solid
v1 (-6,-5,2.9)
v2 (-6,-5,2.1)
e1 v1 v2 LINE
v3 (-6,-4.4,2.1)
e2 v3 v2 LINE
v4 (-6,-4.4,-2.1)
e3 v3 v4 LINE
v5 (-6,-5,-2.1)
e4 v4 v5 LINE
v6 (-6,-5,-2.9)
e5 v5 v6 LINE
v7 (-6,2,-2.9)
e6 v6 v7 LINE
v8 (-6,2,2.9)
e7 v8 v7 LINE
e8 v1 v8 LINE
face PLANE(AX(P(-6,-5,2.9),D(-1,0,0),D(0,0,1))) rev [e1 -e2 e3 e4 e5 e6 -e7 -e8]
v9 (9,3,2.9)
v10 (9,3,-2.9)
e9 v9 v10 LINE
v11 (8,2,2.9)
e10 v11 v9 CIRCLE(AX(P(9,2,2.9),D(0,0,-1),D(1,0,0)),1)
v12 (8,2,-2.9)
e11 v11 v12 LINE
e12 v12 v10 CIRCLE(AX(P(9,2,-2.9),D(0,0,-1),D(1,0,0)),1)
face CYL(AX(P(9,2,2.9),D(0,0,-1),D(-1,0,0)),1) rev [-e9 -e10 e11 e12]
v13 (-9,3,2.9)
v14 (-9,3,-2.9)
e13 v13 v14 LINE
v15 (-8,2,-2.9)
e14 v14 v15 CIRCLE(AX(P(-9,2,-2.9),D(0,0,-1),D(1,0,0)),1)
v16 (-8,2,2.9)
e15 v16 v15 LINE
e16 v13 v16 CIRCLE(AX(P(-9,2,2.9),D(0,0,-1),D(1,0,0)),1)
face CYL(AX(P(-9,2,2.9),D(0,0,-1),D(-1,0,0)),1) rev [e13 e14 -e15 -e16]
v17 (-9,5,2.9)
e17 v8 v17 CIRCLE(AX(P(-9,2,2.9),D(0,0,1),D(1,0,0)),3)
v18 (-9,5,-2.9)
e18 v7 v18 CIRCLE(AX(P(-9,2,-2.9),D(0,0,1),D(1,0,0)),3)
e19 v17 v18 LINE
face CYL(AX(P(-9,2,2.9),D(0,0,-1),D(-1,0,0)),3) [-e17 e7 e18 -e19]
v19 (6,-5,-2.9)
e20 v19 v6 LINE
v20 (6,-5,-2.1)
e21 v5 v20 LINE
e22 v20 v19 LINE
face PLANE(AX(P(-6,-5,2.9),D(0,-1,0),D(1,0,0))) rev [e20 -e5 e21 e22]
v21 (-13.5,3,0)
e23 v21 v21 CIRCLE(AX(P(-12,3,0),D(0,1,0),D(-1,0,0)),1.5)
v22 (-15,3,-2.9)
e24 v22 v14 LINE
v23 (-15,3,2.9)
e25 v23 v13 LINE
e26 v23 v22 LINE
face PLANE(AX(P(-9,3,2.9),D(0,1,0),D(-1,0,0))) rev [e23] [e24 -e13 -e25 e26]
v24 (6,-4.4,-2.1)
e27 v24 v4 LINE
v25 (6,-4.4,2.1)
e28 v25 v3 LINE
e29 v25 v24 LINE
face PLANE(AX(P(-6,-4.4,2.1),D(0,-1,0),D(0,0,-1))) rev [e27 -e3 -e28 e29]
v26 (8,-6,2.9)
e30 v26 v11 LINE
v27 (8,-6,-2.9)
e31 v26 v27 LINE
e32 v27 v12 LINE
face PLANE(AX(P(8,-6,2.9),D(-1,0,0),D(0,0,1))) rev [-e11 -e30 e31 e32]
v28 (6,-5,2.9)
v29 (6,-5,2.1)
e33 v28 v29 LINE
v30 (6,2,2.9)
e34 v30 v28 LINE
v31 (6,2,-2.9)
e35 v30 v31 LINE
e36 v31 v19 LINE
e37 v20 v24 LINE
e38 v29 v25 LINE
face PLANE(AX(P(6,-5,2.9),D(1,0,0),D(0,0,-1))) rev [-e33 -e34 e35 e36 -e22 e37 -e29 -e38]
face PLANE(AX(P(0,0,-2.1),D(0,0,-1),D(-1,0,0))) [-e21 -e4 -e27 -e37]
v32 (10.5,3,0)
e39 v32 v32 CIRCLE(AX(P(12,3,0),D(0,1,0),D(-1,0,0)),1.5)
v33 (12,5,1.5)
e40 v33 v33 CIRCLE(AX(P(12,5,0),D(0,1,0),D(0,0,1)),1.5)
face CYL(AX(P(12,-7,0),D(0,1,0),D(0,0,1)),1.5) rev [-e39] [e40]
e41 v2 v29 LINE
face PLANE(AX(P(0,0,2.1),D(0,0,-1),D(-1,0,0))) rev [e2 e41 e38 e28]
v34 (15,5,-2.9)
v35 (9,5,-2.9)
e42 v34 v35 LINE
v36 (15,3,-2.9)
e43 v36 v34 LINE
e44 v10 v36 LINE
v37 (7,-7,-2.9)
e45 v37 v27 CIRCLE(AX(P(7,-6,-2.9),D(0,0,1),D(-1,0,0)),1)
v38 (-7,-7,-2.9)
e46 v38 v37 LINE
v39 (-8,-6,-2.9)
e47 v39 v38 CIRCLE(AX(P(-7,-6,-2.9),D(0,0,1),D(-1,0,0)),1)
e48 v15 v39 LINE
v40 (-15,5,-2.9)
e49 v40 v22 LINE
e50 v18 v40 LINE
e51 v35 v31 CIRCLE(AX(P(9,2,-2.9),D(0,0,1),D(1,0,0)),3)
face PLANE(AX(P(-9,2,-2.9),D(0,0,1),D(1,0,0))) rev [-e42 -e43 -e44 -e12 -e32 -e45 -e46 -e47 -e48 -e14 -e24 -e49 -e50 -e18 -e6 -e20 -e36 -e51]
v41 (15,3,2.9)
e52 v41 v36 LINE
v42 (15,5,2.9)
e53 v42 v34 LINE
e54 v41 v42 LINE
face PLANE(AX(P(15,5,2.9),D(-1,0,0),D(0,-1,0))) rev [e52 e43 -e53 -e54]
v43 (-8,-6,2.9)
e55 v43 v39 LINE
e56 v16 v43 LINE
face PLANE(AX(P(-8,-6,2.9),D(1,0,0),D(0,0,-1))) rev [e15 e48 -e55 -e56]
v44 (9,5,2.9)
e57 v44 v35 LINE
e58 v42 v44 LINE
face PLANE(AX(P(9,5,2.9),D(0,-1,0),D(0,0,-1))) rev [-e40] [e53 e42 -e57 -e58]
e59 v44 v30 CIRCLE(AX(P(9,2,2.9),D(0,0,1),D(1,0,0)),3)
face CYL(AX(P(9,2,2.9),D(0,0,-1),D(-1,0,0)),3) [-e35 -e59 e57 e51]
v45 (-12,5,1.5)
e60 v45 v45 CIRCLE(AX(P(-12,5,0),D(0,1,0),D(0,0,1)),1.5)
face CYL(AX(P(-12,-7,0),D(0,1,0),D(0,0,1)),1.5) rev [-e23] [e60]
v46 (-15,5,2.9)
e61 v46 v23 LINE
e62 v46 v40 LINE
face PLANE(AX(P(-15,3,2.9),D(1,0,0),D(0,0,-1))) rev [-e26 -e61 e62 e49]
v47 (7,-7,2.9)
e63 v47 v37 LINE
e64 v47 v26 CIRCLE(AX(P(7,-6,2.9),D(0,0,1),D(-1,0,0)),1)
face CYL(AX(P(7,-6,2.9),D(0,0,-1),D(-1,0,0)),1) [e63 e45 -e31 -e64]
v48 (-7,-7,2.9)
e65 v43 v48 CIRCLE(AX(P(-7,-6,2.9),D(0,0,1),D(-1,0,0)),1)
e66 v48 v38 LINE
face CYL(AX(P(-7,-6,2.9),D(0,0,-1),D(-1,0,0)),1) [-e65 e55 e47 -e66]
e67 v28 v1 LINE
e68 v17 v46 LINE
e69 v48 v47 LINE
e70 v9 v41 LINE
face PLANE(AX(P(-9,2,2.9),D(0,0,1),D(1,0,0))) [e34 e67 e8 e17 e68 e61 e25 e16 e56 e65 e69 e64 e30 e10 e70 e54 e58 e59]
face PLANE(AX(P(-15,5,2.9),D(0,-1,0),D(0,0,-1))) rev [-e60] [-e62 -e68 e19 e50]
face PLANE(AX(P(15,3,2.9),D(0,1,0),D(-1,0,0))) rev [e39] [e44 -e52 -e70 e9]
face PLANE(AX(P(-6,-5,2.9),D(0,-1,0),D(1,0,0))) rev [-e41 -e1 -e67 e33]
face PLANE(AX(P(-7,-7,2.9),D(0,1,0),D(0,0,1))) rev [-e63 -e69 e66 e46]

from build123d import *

# Parameters (mm, degrees)
BOSS_EXTRUDE1_DEPTH = 2.9
SKETCH4_W           = 12
SKETCH4_H           = 0.6
BOSS_EXTRUDE2_DEPTH = 2.1
SKETCH5_R           = 1.5
CUT_EXTRUDE1_DEPTH  = 13


with BuildPart() as part:
    # Sketch3 → Boss-Extrude1 (new body, symmetric)
    with BuildSketch(Plane.XY):
        with BuildLine():
            Line((-6, -5), (6, -5))
            Line((6, -5), (6, 2))
            ThreePointArc((6, 2), (6.878679656, 4.121320344), (9, 5))
            Line((9, 5), (15, 5))
            Line((15, 5), (15, 3))
            Line((15, 3), (9, 3))
            ThreePointArc((9, 3), (8.292893219, 2.707106781), (8, 2))
            Line((8, 2), (8, -6))
            ThreePointArc((8, -6), (7.707106781, -6.707106781), (7, -7))
            Line((7, -7), (-7, -7))
            ThreePointArc((-7, -7), (-7.707106781, -6.707106781), (-8, -6))
            Line((-8, -6), (-8, 2))
            ThreePointArc((-8, 2), (-8.292893219, 2.707106781), (-9, 3))
            Line((-9, 3), (-15, 3))
            Line((-15, 3), (-15, 5))
            Line((-15, 5), (-9, 5))
            ThreePointArc((-9, 5), (-6.878679656, 4.121320344), (-6, 2))
            Line((-6, 2), (-6, -5))
        make_face()
    extrude(amount=BOSS_EXTRUDE1_DEPTH, both=True)

    # Sketch4 → Boss-Extrude2 (add, symmetric)
    with BuildSketch(Plane.XY):
        with Locations((0, -4.7)):
            Rectangle(SKETCH4_W, SKETCH4_H)
    extrude(amount=BOSS_EXTRUDE2_DEPTH, both=True)

    # Sketch5 → Cut-Extrude1 (cut, through all)
    with BuildSketch(Plane(origin=(0, 5, 0), x_dir=(1, 0, 0), z_dir=(0, 1, 0))):
        with Locations((12, 0)):
            Circle(SKETCH5_R)
        with Locations((-12, 0)):
            Circle(SKETCH5_R)
    extrude(amount=-CUT_EXTRUDE1_DEPTH, mode=Mode.SUBTRACT)


solid = part.part
